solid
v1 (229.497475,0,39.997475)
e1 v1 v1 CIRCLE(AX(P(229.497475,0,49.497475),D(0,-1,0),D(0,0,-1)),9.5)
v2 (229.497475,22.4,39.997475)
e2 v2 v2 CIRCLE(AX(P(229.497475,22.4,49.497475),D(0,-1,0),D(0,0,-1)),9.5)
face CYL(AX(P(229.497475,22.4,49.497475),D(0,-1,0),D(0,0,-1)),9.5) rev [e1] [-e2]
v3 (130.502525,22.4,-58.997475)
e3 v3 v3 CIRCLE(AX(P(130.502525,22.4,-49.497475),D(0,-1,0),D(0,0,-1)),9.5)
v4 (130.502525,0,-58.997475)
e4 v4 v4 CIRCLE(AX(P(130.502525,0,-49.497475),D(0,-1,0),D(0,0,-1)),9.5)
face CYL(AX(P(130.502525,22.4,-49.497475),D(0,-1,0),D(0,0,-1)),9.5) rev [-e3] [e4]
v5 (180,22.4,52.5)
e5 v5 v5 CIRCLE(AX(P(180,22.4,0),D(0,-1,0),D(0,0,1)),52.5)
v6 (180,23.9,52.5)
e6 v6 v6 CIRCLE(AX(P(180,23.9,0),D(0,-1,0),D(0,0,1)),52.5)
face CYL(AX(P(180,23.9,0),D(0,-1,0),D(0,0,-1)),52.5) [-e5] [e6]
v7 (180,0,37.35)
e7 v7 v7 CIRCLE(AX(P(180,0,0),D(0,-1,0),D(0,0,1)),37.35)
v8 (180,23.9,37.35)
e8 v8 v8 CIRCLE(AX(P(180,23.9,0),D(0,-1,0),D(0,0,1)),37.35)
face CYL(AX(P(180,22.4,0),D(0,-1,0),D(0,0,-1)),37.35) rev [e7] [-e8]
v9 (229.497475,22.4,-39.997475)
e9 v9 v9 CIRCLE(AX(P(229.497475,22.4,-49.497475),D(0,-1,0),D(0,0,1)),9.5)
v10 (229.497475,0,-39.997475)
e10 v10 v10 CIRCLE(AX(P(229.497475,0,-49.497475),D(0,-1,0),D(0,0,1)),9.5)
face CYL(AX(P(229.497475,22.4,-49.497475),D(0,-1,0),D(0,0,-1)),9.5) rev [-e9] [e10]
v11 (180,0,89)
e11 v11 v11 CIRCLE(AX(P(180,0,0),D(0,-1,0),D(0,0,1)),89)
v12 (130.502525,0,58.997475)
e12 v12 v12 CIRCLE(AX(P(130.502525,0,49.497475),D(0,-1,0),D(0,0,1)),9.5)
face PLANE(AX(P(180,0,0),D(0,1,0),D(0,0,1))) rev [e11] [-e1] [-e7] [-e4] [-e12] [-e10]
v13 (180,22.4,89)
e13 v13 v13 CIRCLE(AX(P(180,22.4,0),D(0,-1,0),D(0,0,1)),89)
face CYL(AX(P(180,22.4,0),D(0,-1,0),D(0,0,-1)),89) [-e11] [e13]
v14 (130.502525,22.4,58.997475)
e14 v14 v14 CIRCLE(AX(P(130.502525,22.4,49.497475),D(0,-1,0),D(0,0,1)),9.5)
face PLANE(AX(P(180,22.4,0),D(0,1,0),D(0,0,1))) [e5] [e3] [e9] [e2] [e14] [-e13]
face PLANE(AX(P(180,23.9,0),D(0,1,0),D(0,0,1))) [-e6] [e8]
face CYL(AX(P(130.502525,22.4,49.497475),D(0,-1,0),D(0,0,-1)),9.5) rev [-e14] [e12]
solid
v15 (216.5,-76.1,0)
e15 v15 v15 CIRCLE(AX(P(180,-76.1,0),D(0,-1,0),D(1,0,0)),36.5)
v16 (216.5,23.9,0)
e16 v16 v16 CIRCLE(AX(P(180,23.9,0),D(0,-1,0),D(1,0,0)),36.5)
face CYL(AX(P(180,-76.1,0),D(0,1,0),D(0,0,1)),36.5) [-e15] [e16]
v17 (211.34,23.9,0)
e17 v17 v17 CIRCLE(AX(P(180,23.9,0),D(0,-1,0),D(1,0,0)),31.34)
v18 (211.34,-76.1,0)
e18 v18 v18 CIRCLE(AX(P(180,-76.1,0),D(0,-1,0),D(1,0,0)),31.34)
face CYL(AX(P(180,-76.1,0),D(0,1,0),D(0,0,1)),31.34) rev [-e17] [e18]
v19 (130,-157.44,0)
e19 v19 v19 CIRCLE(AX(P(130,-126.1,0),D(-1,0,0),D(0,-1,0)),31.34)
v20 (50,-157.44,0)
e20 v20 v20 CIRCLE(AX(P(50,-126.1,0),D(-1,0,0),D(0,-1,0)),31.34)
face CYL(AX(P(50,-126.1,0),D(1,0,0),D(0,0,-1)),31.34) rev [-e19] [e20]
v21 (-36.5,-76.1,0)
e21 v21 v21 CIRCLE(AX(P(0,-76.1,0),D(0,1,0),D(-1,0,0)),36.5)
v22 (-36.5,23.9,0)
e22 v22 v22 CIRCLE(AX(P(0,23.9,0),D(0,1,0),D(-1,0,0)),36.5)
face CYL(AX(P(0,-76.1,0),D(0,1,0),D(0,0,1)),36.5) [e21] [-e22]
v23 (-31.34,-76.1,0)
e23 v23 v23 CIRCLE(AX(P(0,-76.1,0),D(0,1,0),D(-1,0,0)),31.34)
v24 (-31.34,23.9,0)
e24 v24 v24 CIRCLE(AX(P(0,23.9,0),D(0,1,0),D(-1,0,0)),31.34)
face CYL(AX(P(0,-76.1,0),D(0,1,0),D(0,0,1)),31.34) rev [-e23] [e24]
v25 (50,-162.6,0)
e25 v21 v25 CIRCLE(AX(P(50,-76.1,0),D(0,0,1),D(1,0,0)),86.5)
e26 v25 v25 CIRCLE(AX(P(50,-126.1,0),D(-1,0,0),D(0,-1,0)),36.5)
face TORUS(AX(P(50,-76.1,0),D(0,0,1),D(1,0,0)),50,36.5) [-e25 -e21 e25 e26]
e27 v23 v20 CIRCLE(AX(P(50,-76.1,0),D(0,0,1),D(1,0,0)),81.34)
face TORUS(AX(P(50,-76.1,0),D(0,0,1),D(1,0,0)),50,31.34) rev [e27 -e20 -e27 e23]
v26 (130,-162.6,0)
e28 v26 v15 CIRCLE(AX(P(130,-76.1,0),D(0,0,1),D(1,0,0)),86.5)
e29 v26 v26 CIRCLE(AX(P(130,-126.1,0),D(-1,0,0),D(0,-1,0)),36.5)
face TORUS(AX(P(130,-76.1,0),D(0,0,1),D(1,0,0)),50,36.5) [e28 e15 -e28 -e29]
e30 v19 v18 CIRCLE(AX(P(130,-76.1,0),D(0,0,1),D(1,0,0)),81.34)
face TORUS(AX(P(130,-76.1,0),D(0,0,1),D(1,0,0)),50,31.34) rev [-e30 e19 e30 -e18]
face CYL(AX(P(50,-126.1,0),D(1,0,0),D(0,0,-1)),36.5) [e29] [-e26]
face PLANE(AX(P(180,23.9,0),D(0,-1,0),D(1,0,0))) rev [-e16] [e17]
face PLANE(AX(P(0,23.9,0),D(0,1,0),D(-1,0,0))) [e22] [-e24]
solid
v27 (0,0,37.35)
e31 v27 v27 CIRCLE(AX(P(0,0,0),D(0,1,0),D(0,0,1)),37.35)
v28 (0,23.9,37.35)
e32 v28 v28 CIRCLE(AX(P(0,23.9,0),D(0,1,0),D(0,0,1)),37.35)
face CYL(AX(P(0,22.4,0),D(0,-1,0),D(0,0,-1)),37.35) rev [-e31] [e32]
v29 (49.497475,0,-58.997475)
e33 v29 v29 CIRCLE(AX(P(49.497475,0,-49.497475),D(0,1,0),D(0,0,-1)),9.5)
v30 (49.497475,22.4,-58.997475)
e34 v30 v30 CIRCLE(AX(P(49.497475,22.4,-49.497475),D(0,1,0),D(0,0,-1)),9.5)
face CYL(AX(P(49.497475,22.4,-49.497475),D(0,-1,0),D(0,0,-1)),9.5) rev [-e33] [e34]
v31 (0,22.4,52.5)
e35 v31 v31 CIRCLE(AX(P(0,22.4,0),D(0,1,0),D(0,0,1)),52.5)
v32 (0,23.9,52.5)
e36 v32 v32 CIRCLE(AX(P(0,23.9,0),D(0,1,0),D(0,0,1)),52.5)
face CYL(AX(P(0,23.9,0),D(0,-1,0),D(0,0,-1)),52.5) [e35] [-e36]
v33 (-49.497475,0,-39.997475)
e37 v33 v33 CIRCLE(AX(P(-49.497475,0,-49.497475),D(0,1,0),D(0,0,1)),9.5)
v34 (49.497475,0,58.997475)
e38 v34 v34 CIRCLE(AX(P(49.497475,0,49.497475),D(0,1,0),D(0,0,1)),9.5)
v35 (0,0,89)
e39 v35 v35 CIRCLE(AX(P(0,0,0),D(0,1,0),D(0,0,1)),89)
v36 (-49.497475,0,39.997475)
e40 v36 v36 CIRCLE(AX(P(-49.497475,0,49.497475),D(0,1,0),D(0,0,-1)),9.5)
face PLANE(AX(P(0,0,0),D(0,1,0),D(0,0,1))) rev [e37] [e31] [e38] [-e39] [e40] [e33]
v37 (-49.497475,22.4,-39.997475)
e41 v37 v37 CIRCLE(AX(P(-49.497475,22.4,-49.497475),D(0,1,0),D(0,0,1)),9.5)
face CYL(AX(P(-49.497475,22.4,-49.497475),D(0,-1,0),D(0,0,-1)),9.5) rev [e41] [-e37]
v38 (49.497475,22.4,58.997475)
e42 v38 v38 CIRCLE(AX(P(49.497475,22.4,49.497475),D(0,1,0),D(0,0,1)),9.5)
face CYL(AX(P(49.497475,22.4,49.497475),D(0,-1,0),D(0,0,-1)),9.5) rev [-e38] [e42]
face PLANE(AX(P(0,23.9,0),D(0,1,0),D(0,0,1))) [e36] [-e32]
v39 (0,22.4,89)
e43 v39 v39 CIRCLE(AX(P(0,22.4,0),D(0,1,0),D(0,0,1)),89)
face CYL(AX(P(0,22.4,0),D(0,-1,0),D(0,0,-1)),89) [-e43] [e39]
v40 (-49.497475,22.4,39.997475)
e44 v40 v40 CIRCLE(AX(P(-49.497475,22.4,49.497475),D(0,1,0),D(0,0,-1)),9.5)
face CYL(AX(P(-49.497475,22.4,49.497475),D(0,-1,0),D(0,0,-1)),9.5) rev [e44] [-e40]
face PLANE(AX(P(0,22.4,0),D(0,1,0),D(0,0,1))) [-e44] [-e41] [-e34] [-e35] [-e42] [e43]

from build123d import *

# Parameters (mm, degrees)
SKETCH1_R           = 89
SKETCH1_R_2         = 37.35
SKETCH1_R_3         = 9.5
BOSS_EXTRUDE1_DEPTH = 22.4
SKETCH2_R           = 52.5
SKETCH2_R_2         = 37.35
BOSS_EXTRUDE2_DEPTH = 1.5
SKETCH5_R           = 36.5
SKETCH5_R_2         = 31.34


with BuildPart() as part:
    # Sketch1 → Boss-Extrude1 (new body)
    with BuildSketch(Plane(origin=(0, 0, 0), x_dir=(1, 0, 0), z_dir=(0, 1, 0))):
        with Locations(Location((0, 0, 0), (0, 0, 270))):
            Circle(SKETCH1_R)
        with Locations(Location((0, 0, 0), (0, 0, 270))):
            Circle(SKETCH1_R_2, mode=Mode.SUBTRACT)
        with Locations(Location((-49.497474683, 49.497474683, 0), (0, 0, 270))):
            Circle(SKETCH1_R_3, mode=Mode.SUBTRACT)
        with Locations(Location((-49.497474683, -49.497474683, 0), (0, 0, 90))):
            Circle(SKETCH1_R_3, mode=Mode.SUBTRACT)
        with Locations(Location((49.497474683, -49.497474683, 0), (0, 0, 270))):
            Circle(SKETCH1_R_3, mode=Mode.SUBTRACT)
        with Locations(Location((49.497474683, 49.497474683, 0), (0, 0, 90))):
            Circle(SKETCH1_R_3, mode=Mode.SUBTRACT)
    extrude(amount=BOSS_EXTRUDE1_DEPTH)

    # Sketch2 → Boss-Extrude2 (add)
    with BuildSketch(Plane(origin=(0, 22.4, 0), x_dir=(1, 0, 0), z_dir=(0, 1, 0))):
        with Locations(Location((0, 0, 0), (0, 0, 270))):
            Circle(SKETCH2_R)
        with Locations(Location((0, 0, 0), (0, 0, 270))):
            Circle(SKETCH2_R_2, mode=Mode.SUBTRACT)
    extrude(amount=BOSS_EXTRUDE2_DEPTH)


with BuildPart() as body_2:
    # Mirror3: mirrored copy
    add(part.part.mirror(Plane(origin=(90, 0, 0), x_dir=(0, 0, 1), z_dir=(1, 0, 0))))


with BuildPart() as body_3:
    # Sweep2: sweep along a path in Sketch3
    with BuildLine(Plane.XY) as sweep2_path:
        Line((0, 23.9), (0, -76.1))
        ThreePointArc((0, -76.1), (14.644660941, -111.455339059), (50, -126.1))
        Line((50, -126.1), (130, -126.1))
        ThreePointArc((130, -126.1), (165.355339059, -111.455339059), (180, -76.1))
        Line((180, -76.1), (180, 23.9))
    # Sketch5 → Sweep2 (sweep)
    with BuildSketch(Plane(origin=(0, 23.9, 0), x_dir=(1, 0, 0), z_dir=(0, 1, 0))):
        Circle(SKETCH5_R)
        Circle(SKETCH5_R_2, mode=Mode.SUBTRACT)
    sweep(path=sweep2_path.line)


solid = Compound([part.part, body_2.part, body_3.part])
